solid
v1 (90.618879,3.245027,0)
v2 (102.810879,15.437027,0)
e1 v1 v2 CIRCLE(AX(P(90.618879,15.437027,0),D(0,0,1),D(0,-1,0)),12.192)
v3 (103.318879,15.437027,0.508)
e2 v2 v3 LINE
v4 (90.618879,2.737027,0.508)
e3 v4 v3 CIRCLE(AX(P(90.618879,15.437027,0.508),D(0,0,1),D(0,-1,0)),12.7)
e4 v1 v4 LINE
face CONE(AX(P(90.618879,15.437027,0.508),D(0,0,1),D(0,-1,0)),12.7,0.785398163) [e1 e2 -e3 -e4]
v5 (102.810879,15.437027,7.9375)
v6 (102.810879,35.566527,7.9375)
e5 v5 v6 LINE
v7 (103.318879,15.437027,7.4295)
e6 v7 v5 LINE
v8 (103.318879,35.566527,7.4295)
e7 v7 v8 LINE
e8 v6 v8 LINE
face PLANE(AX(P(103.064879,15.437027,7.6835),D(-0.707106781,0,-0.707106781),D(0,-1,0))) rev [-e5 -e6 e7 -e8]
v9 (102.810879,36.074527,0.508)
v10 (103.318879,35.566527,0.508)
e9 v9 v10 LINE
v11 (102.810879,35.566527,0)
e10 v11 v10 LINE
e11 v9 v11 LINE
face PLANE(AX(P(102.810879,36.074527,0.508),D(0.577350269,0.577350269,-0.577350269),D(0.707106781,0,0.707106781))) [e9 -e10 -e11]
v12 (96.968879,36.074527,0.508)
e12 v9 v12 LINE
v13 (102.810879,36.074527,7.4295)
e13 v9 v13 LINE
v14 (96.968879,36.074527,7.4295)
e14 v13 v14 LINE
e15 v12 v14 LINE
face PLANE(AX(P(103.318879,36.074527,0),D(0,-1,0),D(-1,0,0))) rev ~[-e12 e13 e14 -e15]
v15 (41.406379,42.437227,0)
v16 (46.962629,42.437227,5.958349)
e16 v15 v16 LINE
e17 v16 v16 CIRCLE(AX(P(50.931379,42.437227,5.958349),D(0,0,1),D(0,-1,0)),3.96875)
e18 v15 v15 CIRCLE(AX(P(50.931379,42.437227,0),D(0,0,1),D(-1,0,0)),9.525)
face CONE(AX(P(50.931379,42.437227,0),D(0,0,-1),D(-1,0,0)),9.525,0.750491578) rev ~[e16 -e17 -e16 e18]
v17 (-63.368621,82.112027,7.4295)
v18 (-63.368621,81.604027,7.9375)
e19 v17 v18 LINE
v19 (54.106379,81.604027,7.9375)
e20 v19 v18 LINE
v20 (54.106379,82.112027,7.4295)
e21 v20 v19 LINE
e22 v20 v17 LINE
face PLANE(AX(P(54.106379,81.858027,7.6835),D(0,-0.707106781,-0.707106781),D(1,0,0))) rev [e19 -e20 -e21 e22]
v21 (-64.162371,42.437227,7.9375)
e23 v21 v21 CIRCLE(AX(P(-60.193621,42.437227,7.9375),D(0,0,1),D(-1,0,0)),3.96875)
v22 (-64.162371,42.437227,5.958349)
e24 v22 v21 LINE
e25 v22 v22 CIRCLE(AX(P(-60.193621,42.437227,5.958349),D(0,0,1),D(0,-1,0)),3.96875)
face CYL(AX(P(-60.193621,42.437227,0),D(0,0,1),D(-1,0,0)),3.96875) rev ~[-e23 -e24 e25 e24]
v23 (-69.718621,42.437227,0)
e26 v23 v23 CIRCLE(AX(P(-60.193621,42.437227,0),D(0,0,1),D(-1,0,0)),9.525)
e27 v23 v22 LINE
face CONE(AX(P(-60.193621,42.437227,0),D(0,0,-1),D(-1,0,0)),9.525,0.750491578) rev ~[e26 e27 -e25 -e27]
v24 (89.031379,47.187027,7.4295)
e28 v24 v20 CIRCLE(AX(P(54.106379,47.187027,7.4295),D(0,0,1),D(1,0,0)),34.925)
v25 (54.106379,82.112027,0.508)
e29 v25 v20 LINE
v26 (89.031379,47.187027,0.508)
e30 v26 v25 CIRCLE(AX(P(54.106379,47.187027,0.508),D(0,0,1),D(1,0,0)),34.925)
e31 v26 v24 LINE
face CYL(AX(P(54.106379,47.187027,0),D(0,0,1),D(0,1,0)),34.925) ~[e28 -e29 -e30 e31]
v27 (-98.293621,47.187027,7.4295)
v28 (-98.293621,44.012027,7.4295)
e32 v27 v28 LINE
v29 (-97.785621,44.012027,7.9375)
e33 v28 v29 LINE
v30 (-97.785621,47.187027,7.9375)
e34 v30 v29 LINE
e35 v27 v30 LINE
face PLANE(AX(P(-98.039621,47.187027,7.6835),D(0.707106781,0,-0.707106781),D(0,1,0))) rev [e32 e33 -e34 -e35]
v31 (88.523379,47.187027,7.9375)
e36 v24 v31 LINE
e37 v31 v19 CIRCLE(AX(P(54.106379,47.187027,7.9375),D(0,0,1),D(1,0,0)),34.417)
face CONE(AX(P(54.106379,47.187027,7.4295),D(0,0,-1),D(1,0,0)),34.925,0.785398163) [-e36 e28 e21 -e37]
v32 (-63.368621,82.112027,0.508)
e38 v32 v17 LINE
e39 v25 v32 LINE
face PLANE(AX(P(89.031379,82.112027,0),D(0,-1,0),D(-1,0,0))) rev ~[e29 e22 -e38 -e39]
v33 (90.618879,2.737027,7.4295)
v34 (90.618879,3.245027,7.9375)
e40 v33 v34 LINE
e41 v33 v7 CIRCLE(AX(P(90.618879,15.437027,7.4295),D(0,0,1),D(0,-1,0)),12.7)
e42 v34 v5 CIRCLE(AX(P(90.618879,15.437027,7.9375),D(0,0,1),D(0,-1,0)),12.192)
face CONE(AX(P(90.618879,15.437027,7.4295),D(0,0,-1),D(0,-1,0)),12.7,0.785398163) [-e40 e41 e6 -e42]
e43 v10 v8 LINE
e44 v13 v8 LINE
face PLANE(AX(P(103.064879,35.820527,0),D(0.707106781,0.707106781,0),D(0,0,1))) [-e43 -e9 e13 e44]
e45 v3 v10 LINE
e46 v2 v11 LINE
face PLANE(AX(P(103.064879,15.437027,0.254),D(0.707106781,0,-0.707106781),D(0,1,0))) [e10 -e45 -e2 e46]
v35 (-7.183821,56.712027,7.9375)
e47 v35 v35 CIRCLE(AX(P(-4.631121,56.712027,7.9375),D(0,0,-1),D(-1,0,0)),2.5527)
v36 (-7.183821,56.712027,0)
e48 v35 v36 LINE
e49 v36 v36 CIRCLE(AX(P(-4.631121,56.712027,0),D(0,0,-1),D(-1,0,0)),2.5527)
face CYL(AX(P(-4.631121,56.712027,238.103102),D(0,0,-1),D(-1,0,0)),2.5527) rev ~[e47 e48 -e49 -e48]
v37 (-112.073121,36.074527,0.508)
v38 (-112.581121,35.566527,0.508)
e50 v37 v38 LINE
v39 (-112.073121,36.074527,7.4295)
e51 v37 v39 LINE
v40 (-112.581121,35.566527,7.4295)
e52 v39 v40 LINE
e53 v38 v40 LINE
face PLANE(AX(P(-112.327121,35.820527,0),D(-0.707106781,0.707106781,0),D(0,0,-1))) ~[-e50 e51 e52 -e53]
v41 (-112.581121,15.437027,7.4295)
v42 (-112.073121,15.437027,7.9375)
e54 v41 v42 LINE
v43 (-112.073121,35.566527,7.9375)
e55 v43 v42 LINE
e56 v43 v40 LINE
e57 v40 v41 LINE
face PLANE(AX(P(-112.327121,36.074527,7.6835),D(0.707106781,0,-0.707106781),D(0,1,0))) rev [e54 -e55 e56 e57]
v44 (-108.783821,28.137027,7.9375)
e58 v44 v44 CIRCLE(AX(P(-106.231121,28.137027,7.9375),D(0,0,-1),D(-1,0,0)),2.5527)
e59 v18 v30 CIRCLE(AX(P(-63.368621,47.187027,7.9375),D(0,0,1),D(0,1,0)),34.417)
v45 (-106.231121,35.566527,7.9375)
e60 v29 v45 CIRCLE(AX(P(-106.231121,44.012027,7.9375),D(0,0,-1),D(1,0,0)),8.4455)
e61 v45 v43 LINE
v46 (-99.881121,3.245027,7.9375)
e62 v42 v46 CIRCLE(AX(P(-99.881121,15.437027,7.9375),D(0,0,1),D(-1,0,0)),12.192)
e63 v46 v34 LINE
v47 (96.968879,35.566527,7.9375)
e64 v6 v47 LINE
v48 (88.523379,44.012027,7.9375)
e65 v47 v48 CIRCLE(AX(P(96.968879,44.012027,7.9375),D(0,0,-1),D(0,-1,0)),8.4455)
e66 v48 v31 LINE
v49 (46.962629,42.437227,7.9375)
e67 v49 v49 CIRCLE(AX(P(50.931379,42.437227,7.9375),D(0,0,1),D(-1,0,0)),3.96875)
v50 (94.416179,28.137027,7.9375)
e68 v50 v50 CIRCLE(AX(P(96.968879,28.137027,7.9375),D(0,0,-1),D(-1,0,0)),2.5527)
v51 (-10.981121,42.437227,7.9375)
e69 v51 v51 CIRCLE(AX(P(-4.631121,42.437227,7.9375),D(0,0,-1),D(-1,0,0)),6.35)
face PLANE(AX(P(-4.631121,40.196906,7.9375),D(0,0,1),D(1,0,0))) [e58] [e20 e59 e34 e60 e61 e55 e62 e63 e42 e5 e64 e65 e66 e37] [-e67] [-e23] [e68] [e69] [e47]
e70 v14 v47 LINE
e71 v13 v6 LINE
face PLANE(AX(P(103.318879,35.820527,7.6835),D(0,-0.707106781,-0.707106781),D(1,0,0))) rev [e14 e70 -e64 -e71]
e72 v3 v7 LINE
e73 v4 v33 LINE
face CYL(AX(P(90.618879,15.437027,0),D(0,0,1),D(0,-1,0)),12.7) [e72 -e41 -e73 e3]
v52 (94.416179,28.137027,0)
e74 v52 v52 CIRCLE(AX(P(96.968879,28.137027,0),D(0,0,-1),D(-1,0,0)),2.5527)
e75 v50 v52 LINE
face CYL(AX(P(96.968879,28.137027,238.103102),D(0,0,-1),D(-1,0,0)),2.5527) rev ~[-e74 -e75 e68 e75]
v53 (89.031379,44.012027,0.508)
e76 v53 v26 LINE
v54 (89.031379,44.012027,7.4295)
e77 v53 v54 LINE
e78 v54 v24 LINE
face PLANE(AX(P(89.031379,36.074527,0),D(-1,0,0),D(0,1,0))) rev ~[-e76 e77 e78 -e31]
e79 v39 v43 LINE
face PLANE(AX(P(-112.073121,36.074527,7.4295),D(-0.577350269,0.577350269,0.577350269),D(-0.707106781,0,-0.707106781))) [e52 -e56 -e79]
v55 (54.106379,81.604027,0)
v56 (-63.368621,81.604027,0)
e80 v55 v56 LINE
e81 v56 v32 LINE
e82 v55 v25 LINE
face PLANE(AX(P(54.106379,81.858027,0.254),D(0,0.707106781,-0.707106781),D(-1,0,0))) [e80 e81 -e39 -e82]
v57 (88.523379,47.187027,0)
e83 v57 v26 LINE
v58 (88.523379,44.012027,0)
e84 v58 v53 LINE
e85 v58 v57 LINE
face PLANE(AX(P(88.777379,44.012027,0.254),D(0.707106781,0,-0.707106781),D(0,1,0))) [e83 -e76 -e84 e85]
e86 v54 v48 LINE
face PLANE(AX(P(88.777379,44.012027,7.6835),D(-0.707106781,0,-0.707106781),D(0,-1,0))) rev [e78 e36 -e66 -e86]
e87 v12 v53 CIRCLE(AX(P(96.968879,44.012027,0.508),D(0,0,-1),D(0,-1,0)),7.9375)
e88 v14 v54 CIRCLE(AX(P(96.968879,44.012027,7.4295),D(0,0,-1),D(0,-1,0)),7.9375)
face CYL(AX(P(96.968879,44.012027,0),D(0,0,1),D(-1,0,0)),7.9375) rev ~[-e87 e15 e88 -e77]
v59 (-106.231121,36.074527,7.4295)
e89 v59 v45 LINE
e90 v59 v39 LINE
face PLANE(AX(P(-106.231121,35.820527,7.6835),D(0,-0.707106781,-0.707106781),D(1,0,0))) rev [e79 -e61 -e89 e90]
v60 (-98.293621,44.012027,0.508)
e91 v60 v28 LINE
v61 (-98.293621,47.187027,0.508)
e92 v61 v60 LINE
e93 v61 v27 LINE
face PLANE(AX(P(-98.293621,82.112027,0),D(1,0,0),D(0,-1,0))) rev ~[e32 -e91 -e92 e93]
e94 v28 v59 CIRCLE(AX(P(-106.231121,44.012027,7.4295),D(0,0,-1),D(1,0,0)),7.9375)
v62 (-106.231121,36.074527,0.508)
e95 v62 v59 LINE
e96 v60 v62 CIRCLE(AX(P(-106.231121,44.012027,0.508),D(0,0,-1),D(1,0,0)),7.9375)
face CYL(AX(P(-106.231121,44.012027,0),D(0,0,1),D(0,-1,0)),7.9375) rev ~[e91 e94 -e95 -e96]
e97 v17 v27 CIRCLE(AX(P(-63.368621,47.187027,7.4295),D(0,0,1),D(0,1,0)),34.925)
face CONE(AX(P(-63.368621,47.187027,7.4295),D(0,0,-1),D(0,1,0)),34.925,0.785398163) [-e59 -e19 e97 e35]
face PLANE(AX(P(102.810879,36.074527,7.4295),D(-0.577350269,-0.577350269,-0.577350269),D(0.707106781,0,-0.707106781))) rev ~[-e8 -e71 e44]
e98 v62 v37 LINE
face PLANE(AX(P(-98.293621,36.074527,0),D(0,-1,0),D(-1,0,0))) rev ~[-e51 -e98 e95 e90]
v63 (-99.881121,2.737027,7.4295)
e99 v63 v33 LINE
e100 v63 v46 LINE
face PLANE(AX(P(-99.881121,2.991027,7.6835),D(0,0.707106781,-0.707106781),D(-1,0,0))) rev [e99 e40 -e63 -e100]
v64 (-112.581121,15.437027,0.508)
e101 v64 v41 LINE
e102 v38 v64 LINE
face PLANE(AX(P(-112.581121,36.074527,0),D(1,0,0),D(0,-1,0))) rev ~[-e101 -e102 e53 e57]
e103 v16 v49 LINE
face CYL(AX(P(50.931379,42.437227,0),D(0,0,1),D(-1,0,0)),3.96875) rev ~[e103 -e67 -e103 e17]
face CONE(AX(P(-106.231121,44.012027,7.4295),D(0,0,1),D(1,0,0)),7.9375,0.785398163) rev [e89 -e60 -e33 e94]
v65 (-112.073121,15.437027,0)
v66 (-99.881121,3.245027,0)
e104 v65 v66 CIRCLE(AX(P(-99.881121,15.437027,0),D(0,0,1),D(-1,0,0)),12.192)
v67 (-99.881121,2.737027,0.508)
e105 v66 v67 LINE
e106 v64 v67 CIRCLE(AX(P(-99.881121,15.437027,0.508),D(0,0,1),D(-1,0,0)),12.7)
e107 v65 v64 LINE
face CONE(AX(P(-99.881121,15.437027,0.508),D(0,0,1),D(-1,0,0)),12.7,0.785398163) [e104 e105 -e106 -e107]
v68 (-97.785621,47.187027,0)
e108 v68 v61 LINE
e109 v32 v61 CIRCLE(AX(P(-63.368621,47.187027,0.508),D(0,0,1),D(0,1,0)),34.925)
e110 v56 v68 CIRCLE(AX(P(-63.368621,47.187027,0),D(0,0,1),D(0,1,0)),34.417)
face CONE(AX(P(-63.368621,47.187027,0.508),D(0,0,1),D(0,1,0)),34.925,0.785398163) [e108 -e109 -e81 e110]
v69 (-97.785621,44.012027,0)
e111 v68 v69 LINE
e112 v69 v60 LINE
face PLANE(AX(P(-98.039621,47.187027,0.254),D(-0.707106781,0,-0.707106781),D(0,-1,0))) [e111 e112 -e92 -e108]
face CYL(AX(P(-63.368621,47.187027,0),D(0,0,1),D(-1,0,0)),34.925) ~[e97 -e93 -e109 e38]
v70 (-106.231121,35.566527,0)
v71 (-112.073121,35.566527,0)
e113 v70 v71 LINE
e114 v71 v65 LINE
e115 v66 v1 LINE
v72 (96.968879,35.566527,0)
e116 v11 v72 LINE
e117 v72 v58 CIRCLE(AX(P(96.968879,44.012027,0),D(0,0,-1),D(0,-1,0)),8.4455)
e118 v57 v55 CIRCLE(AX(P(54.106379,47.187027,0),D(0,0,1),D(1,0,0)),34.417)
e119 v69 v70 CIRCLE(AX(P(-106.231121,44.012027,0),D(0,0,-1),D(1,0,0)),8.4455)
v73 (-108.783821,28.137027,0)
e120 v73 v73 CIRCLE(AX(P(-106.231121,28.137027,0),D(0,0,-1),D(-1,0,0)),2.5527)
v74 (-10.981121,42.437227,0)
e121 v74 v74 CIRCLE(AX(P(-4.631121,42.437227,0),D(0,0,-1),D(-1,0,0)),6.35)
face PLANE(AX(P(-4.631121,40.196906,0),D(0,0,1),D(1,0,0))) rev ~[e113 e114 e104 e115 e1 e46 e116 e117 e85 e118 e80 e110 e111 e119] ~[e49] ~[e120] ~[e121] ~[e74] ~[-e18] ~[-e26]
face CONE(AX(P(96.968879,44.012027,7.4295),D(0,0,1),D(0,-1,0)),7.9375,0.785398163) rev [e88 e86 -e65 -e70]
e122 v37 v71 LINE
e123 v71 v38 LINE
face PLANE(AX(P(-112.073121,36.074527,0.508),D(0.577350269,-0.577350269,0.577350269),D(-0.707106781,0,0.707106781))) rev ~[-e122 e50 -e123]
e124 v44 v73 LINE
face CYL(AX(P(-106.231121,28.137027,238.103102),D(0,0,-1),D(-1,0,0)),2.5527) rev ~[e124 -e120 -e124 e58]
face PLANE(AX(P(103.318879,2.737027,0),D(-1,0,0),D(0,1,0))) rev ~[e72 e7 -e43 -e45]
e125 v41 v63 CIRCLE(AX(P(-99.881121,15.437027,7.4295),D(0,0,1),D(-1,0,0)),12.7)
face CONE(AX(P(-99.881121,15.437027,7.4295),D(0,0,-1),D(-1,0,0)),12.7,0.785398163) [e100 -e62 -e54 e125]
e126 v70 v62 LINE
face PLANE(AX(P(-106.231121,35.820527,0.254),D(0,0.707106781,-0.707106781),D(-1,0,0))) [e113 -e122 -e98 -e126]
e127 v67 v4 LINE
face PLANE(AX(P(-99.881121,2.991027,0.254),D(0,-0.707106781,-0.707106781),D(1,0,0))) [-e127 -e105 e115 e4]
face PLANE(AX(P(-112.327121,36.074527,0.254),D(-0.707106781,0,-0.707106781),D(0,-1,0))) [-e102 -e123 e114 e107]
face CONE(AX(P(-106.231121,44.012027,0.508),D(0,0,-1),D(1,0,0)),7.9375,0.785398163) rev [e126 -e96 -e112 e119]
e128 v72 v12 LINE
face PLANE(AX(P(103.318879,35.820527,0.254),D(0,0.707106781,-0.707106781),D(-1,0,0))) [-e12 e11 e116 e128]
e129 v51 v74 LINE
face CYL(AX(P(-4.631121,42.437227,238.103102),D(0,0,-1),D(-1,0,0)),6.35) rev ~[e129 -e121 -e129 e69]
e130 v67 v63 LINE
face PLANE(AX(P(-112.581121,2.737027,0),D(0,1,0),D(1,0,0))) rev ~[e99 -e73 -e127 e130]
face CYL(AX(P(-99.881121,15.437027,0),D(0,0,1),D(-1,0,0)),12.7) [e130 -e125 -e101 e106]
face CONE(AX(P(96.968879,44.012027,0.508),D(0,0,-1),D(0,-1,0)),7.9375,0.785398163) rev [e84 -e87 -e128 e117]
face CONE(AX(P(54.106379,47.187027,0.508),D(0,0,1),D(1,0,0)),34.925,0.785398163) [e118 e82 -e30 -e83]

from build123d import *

# Parameters (mm, degrees)
F1_DEPTH        = 7.9375
F2_R            = 12.7
F3_R            = 7.9375
F4_R            = 34.925
F5_SIZE2        = 0.508
F5_SIZE         = 0.508
F7_D            = 12.7
F8_D            = 5.1054
F10_D           = 7.9375
F10_CSINK_D     = 19.05
F10_CSINK_ANGLE = 86


with BuildPart() as f1:
    # F0 (on Top) → F1 (new body)
    with BuildSketch(Plane.XY):
        Polygon((89.0313792884, 82.112026608), (-98.2936207116, 82.112026608), (-98.2936207116, 36.074526608), (-112.5811207116, 36.074526608), (-112.5811207116, 2.737026608), (103.3188792884, 2.737026608), (103.3188792884, 36.074526608), (89.0313792884, 36.074526608), align=None)
    extrude(amount=F1_DEPTH)

    # F2
    f2_edges = [f1.edges().sort_by_distance(p)[0] for p in [
        (-112.581121, 2.737027, 3.96875),
        (103.318879, 2.737027, 3.96875),
    ]]
    fillet(f2_edges, radius=F2_R)

    # F3
    f3_edges = [f1.edges().sort_by_distance(p)[0] for p in [
        (89.031379, 36.074527, 3.96875),
        (-98.293621, 36.074527, 3.96875),
    ]]
    fillet(f3_edges, radius=F3_R)

    # F4
    f4_edges = [f1.edges().sort_by_distance(p)[0] for p in [
        (-98.293621, 82.112027, 3.96875),
        (89.031379, 82.112027, 3.96875),
    ]]
    fillet(f4_edges, radius=F4_R)

    # F5
    f5_edges = [f1.edges().sort_by_distance(p)[0] for p in [
        (-4.631121, 2.737027, 7.9375),
        (-4.631121, 82.112027, 7.9375),
        (-4.631121, 2.737027, 0),
        (-4.631121, 82.112027, 0),
        (-112.581121, 36.074527, 3.96875),
        (103.318879, 36.074527, 3.96875),
    ]]
    chamfer(f5_edges, length=F5_SIZE, length2=F5_SIZE2)

    # F7 (through all)
    with Locations(Plane.XY.offset(7.9375)):
        with Locations((-4.6311207116, 42.437226608)):
            Hole(F7_D / 2)

    # F8 (through all)
    with Locations(Plane.XY.offset(7.9375)):
        with Locations((-4.6311207116, 56.712026608), (-106.2311207116, 28.137026608), (96.9688792884, 28.137026608)):
            Hole(F8_D / 2)

    # F10 (through all)
    with Locations(Plane(origin=(0, 0, 0), x_dir=(1, 0, 0), z_dir=(0, 0, -1))):
        with Locations((50.9313792884, -42.437226608), (-60.1936207116, -42.437226608)):
            CounterSinkHole(F10_D / 2, F10_CSINK_D / 2, counter_sink_angle=F10_CSINK_ANGLE)


solid = f1.part
